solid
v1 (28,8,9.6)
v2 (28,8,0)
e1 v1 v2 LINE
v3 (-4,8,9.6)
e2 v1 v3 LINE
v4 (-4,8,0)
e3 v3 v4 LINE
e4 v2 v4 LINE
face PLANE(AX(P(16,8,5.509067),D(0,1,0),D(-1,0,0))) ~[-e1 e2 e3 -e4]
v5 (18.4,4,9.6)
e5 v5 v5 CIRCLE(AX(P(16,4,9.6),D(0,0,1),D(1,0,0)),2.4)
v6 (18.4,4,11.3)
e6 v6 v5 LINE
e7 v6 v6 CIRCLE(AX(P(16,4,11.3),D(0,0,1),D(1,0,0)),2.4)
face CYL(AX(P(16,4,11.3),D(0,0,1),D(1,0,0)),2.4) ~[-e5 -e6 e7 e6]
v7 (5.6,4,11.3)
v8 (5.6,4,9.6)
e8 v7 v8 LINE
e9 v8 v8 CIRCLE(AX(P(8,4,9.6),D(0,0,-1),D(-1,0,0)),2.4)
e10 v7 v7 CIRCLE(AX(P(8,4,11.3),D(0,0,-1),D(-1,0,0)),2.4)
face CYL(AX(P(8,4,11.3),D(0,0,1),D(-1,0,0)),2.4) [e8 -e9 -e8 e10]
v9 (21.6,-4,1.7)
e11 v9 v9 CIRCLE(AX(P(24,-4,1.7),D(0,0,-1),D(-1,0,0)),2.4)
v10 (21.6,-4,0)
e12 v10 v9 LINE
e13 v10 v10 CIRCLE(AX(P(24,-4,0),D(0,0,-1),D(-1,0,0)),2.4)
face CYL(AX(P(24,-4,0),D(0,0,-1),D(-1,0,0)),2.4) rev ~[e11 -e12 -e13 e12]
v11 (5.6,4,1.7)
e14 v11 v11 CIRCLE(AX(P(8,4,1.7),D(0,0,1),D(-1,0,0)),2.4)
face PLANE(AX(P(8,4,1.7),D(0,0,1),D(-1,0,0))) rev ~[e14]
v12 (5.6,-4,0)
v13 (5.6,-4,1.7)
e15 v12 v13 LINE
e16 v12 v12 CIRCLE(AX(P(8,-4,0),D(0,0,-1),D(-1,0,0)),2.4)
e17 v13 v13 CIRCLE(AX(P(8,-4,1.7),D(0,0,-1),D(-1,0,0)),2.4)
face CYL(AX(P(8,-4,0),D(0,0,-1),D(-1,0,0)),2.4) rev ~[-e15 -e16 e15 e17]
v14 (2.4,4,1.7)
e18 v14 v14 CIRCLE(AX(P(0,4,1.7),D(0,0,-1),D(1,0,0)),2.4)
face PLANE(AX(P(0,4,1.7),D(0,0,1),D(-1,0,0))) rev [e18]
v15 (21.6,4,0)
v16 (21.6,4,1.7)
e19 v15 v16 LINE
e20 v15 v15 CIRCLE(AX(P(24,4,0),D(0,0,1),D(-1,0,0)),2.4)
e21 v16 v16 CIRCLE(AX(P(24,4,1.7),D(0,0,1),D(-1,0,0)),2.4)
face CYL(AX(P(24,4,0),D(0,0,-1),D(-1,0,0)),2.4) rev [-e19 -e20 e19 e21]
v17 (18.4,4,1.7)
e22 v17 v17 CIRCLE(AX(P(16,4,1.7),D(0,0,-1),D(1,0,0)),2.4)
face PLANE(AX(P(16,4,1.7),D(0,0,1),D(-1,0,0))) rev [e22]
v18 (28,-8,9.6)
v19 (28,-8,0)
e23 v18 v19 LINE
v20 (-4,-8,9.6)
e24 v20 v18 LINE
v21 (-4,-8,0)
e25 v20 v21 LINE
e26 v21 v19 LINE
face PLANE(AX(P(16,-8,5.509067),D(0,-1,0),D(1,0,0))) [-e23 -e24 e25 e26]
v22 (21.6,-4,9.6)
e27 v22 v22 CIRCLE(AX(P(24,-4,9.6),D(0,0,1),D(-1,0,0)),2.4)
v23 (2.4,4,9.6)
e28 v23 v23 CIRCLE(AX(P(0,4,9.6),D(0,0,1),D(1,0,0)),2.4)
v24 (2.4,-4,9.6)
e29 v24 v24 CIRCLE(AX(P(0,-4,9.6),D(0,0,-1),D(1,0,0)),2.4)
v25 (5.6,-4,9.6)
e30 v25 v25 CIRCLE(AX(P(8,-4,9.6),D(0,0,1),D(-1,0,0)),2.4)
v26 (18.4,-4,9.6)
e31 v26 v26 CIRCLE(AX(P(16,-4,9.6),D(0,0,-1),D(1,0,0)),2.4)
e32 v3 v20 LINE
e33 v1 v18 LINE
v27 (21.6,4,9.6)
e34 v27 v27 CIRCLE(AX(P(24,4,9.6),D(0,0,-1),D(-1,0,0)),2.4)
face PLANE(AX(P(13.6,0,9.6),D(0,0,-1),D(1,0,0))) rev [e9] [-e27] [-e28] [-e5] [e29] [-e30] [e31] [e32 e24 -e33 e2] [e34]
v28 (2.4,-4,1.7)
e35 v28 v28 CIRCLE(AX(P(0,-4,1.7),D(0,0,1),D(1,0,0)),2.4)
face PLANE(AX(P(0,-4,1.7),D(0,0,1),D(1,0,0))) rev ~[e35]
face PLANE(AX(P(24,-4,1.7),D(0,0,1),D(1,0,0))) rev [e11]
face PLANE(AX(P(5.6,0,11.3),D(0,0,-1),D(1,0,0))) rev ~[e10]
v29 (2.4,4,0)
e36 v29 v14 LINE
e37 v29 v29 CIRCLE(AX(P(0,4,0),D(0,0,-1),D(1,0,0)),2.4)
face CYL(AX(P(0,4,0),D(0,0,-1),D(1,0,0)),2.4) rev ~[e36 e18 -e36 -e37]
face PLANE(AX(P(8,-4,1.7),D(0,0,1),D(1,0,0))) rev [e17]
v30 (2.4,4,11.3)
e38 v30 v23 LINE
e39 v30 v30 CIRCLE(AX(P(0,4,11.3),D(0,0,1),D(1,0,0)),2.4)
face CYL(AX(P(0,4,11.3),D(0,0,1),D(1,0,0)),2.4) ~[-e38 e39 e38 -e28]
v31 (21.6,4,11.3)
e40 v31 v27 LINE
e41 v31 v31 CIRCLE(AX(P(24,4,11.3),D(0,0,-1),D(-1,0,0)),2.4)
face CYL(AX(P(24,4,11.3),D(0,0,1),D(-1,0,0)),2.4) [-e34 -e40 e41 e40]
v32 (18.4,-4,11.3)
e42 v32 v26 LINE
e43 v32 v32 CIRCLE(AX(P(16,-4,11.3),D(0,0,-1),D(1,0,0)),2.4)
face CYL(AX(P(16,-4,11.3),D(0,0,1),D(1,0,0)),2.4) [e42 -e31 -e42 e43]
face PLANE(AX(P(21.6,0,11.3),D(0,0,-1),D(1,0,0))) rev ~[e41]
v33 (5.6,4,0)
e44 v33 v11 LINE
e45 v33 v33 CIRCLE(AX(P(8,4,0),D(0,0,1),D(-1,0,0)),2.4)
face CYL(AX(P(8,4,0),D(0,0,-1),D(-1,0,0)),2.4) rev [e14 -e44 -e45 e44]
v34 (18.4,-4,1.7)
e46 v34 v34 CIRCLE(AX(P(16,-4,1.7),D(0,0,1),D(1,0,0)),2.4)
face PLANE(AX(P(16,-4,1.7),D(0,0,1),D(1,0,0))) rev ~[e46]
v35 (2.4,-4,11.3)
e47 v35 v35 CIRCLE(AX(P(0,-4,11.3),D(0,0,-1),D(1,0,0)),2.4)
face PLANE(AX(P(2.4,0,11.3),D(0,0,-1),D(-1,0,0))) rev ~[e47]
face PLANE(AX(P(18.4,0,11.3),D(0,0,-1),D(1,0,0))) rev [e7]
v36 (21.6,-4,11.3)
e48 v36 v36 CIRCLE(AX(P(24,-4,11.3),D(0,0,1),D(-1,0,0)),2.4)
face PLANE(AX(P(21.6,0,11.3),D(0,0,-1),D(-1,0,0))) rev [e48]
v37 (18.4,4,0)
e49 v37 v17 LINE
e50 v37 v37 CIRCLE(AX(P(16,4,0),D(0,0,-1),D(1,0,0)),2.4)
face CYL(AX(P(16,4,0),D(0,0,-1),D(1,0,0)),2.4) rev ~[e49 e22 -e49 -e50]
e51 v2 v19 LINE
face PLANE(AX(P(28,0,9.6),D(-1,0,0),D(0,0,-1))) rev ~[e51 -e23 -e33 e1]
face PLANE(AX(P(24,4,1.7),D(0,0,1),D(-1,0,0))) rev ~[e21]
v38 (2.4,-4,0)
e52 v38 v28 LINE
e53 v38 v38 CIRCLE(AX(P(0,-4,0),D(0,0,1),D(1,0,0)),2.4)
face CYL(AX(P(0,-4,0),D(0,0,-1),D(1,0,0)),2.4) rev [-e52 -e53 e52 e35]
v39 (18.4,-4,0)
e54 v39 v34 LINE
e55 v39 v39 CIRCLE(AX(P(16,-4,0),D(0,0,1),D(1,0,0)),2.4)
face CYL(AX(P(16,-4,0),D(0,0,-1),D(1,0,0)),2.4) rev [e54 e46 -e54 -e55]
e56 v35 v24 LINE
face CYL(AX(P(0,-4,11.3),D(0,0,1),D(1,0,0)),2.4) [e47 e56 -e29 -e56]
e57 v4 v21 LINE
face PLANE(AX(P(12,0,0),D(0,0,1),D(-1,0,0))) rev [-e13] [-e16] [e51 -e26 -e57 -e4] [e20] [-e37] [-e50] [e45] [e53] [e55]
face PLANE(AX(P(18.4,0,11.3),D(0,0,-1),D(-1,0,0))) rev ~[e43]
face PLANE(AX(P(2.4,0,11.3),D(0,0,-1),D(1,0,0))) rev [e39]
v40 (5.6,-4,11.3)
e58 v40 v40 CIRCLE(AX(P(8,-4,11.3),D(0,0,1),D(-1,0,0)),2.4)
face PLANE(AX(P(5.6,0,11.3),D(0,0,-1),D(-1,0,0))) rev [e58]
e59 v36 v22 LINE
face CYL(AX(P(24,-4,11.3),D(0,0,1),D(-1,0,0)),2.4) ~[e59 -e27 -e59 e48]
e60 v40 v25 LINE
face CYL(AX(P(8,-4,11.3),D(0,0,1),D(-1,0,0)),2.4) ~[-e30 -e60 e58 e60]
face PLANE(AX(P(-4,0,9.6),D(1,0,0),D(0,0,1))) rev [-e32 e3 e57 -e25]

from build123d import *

# Parameters (mm, degrees)
F1_DEPTH = 8
F3_W     = 8
F3_H     = 8
F3_R     = 2.4
F4_DEPTH = 1.7
F5_R     = 2.4
F6_DEPTH = 1.7


with BuildPart() as f1:
    # F0 (on Front) → F1 (new body)
    with BuildSketch(Plane.XZ):
        Polygon((-2.4, 9.6), (-4, 9.6), (-4, 0), (4, 0), (4, 9.6), (2.4, 9.6), (2.4, 11.3), (-2.4, 11.3), align=None)
    extrude(amount=F1_DEPTH)

    # F3 (on plane+point) → F4 (cut, through all)
    with BuildSketch(Plane.XY.offset(11.3)):
        with Locations((0, -4)):
            Rectangle(F3_W, F3_H)
        with Locations((0, -4)):
            Circle(F3_R, mode=Mode.SUBTRACT)
    extrude(amount=-F4_DEPTH, mode=Mode.SUBTRACT)

    # F5 (on Top) → F6 (cut)
    with BuildSketch(Plane.XY):
        with Locations((0, -4)):
            Circle(F5_R)
    extrude(amount=F6_DEPTH, mode=Mode.SUBTRACT)

    # F8: F1 across plane


with BuildPart() as f1_1:
    add(f1.part)
    add(f1.part.mirror(Plane.YZ.offset(4)))

    # F9: F1 across plane


with BuildPart() as f1_2:
    add(f1_1.part)
    add(f1_1.part.mirror(Plane.XZ))

    # F11: F1 across plane


with BuildPart() as f1_3:
    add(f1_2.part)
    add(f1_2.part.mirror(Plane.YZ.offset(12)))


solid = f1_3.part
